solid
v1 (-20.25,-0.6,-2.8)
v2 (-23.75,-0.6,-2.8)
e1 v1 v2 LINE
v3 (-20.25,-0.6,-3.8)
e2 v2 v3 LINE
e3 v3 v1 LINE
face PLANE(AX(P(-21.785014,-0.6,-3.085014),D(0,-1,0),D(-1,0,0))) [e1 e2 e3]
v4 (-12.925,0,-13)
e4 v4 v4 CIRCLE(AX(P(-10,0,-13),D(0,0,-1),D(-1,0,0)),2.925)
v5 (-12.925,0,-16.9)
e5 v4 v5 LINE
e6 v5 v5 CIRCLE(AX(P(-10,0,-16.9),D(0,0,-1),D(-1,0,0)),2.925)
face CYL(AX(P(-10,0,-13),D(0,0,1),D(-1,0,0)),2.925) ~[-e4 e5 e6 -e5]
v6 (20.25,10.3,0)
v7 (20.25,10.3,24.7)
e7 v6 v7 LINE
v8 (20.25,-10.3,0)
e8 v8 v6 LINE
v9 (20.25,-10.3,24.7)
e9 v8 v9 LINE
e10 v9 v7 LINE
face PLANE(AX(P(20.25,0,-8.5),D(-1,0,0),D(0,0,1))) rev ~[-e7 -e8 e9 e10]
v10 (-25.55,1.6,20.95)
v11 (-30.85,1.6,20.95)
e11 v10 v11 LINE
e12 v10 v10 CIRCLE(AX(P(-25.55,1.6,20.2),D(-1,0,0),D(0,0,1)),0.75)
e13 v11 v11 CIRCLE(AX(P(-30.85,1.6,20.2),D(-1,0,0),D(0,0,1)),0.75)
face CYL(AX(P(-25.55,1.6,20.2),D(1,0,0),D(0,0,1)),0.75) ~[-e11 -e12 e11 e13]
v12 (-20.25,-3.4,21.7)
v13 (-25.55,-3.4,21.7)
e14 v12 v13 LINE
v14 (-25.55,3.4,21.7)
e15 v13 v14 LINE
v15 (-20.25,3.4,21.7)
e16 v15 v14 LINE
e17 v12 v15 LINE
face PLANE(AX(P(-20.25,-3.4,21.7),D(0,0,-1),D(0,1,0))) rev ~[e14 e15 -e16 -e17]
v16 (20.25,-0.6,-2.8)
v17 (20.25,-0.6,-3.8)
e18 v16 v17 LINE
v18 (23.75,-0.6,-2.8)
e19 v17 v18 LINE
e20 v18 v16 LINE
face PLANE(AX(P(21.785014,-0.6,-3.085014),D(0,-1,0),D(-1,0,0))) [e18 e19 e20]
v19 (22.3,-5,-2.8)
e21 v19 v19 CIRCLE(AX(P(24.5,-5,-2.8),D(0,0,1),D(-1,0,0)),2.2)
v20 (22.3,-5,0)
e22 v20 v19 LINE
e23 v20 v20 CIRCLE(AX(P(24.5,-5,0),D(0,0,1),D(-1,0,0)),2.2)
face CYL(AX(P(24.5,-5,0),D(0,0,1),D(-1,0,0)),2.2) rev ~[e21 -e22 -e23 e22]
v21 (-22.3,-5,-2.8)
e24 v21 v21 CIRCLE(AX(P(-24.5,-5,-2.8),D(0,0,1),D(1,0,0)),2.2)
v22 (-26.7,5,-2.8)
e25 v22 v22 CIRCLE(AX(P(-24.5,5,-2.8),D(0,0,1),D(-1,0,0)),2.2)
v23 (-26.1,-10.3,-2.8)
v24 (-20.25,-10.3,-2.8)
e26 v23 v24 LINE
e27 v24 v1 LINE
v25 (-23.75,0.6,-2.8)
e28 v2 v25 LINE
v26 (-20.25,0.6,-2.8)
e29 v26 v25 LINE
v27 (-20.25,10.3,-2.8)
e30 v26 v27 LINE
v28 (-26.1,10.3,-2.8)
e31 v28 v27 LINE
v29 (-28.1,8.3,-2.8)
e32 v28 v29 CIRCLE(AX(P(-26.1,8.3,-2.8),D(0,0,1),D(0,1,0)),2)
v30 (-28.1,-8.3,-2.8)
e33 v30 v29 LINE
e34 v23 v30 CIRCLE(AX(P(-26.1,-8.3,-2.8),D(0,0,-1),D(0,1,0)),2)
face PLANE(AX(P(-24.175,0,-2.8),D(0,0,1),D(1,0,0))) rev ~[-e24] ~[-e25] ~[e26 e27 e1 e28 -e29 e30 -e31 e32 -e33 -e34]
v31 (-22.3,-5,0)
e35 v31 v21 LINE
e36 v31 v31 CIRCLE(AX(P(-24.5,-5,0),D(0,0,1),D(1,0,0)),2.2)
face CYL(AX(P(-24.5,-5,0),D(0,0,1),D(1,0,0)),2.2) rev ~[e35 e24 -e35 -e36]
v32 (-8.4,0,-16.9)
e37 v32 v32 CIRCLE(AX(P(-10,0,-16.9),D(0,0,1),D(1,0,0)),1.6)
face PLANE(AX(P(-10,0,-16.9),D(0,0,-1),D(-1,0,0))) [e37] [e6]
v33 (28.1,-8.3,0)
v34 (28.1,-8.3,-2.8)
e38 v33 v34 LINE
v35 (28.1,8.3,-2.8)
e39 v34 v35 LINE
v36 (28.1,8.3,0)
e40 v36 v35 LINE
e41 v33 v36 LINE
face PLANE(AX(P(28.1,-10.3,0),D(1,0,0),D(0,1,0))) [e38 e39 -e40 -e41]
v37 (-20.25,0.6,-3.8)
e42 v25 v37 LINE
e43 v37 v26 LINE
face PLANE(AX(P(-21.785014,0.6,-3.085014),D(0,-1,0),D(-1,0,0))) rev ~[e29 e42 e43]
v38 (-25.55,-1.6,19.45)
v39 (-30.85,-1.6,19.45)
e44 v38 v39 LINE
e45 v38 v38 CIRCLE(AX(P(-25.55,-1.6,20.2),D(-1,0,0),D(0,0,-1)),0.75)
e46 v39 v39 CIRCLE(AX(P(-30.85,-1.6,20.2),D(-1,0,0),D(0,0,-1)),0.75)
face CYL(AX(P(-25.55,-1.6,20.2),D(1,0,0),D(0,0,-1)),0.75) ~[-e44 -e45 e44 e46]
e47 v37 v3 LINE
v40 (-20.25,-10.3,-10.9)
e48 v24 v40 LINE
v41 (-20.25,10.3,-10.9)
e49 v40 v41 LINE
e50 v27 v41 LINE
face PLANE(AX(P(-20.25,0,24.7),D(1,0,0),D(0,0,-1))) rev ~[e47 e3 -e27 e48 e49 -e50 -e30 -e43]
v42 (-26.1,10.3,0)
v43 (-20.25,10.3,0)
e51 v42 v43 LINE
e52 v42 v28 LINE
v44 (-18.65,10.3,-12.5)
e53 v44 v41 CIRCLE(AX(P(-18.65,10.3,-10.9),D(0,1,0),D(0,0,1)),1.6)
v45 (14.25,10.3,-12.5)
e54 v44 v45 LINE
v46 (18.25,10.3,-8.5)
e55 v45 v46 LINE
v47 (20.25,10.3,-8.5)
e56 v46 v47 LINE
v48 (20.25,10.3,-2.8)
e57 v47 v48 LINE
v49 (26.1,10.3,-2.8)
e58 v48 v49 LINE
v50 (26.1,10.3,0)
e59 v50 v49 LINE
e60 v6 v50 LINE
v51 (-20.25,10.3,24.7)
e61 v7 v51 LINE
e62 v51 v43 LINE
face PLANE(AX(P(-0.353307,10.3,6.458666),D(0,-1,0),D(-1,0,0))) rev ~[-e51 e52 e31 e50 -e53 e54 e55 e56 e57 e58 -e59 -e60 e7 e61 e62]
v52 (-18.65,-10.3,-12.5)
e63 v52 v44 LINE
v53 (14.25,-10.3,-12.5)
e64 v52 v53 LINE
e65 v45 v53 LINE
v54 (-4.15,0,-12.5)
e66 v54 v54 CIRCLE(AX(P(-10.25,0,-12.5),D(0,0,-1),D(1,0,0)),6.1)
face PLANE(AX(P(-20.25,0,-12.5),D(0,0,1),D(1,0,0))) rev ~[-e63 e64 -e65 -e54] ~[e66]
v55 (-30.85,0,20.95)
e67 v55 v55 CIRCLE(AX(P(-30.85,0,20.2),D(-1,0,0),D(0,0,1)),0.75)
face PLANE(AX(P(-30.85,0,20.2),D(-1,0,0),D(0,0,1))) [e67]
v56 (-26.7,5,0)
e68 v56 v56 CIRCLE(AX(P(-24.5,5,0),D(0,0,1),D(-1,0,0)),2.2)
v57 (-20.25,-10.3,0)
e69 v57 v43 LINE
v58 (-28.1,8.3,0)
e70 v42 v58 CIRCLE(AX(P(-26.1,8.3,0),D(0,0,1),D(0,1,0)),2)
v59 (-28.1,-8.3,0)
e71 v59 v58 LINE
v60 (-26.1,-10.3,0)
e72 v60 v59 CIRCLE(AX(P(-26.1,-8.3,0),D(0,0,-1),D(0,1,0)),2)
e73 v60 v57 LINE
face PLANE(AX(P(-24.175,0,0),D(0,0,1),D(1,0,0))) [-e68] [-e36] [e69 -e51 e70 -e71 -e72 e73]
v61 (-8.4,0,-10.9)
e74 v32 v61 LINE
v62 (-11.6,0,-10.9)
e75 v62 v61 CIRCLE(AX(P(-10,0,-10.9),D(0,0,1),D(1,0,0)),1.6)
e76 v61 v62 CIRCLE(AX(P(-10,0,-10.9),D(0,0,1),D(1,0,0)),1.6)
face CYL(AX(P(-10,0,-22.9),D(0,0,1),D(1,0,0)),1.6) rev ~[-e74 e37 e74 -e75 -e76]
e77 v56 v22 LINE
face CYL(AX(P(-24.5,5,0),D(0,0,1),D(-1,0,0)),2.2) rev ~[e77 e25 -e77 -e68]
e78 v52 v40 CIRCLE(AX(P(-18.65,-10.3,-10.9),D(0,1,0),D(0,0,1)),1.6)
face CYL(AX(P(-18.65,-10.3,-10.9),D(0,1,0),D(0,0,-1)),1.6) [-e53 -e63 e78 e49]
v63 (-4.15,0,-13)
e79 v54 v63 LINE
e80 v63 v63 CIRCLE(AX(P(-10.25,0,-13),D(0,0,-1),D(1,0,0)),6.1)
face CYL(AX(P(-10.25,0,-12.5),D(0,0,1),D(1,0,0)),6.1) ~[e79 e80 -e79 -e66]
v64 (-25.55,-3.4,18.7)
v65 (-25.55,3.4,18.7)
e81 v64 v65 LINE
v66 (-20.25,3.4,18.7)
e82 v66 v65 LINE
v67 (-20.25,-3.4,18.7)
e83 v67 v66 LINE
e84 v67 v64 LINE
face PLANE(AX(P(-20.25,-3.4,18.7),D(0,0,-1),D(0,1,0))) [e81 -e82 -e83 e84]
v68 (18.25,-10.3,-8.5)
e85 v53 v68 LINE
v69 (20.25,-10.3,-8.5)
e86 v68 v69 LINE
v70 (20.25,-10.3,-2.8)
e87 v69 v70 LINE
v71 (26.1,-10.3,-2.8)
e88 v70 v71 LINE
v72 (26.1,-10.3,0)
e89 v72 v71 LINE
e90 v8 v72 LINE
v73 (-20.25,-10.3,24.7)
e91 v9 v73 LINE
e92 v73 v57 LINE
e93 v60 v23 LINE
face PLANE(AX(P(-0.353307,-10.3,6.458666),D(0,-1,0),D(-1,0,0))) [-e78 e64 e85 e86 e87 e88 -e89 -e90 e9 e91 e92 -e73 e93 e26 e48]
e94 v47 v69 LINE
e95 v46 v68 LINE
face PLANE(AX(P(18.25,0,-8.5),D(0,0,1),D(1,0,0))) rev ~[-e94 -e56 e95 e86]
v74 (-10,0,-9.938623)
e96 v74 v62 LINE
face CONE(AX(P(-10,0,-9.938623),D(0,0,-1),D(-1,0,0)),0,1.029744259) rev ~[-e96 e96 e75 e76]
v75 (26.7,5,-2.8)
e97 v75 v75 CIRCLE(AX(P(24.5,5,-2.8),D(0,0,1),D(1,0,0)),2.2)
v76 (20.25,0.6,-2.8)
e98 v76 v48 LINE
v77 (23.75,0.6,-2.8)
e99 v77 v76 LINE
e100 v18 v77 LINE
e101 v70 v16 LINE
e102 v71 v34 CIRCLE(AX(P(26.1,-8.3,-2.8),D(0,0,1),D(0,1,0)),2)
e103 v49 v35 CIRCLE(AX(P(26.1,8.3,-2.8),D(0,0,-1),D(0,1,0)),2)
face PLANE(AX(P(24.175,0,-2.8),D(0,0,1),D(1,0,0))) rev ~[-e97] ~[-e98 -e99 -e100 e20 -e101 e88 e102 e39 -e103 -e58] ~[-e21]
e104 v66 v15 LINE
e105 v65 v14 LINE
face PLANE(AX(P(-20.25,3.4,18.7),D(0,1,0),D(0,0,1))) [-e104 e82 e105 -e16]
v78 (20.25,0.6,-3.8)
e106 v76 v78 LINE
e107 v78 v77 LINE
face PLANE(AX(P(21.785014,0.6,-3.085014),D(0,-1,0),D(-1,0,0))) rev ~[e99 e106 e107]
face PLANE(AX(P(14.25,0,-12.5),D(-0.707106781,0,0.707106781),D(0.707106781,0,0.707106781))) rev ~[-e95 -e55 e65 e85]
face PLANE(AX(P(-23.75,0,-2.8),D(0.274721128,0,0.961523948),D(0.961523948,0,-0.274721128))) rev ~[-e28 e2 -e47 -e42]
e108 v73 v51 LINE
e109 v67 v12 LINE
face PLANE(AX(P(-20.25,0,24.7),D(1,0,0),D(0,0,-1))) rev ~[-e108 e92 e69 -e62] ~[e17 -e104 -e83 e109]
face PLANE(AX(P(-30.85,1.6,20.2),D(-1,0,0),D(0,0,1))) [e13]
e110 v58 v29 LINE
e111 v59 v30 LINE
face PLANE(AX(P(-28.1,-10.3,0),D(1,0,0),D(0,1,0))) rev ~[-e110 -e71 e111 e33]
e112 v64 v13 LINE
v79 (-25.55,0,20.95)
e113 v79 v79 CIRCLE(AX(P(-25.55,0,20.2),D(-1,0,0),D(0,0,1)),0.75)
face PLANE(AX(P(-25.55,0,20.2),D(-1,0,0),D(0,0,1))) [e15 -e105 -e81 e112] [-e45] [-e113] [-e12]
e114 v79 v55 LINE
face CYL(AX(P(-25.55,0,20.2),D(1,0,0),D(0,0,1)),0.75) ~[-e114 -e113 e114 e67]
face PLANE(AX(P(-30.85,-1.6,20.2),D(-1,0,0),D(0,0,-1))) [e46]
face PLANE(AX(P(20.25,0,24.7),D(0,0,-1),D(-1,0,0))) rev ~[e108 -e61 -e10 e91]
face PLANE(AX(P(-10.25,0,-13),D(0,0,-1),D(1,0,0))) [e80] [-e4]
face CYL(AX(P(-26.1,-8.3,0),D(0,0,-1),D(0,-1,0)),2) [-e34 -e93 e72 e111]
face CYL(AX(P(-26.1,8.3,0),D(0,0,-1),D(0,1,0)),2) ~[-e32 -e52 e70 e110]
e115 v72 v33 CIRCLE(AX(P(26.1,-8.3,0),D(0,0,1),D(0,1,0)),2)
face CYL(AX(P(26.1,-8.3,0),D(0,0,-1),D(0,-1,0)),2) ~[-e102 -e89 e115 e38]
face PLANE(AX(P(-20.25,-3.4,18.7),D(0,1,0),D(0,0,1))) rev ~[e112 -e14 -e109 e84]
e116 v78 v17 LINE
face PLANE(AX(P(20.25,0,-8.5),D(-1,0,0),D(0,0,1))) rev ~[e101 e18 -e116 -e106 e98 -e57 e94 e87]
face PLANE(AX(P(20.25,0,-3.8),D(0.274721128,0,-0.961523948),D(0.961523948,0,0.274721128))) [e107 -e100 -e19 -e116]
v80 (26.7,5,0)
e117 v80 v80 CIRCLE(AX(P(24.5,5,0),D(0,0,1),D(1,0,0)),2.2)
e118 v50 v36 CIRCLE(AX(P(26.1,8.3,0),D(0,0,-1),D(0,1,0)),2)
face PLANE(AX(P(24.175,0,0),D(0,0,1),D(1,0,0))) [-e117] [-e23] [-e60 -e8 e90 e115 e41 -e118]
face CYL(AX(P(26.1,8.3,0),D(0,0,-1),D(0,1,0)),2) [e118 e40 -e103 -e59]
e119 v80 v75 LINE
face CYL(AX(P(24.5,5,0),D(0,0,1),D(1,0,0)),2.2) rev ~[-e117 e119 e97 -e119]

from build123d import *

# Parameters (mm, degrees)
BOSS_EXTRU_1_DEPTH   = 10.3
ESQUISSE3_W          = 7.85
ESQUISSE3_H          = 20.6
ESQUISSE3_R          = 2.2
BOSS_EXTRU_2_DEPTH   = 2.8
BOSS_EXTRU_3_DEPTH   = 0.6
ESQUISSE8_R          = 6.1
BOSS_EXTRU_7_DEPTH   = 0.5
ESQUISSE5_R          = 2.925
BOSS_EXTRU_4_DEPTH   = 3.9
CONG_1_R             = 2
ESQUISSE6_W          = 3
ESQUISSE6_H          = 6.8
BOSS_EXTRU_5_DEPTH   = 5.3
ESQUISSE7_R          = 0.75
BOSS_EXTRU_6_DEPTH   = 5.3
D_GAGEMENT_M31_D     = 3.2
D_GAGEMENT_M31_DEPTH = 6
D_GAGEMENT_M31_TIP   = 0.96137699
CONG_2_R             = 1.6


with BuildPart() as part:
    # Esquisse1 → Boss.-Extru.1 (new, symmetric)
    with BuildSketch(Plane(origin=(0, 0, 0), x_dir=(1, 0, 0), z_dir=(0, 1, 0))):
        Polygon((-20.25, 12.5), (14.25, 12.5), (18.25, 8.5), (20.25, 8.5), (20.25, -24.7), (-20.25, -24.7), align=None)
    extrude(amount=BOSS_EXTRU_1_DEPTH, both=True)

    # Esquisse3 → Boss.-Extru.2 (add)
    # profile 1 of 2: a face of its own
    with BuildSketch(Plane.XY):
        with Locations((24.175, 0)):
            Rectangle(ESQUISSE3_W, ESQUISSE3_H)
        with Locations((24.5, 5)):
            Circle(ESQUISSE3_R, mode=Mode.SUBTRACT)
        with Locations(Location((24.5, -5, 0), (0, 0, 180))):
            Circle(ESQUISSE3_R, mode=Mode.SUBTRACT)
    # profile 2 of 2: a face of its own
    with BuildSketch(Plane.XY):
        with Locations((-24.175, 0)):
            Rectangle(ESQUISSE3_W, ESQUISSE3_H)
        with Locations(Location((-24.5, 5, 0), (0, 0, 180))):
            Circle(ESQUISSE3_R, mode=Mode.SUBTRACT)
        with Locations((-24.5, -5)):
            Circle(ESQUISSE3_R, mode=Mode.SUBTRACT)
    extrude(amount=-BOSS_EXTRU_2_DEPTH)

    # Esquisse4 → Boss.-Extru.3 (add, symmetric)
    with BuildSketch(Plane(origin=(0, 0, 0), x_dir=(1, 0, 0), z_dir=(0, 1, 0))):
        Polygon((20.25, 2.8), (20.25, 3.8), (23.75, 2.8), align=None)
        Polygon((-23.75, 2.8), (-20.25, 3.8), (-20.25, 2.8), align=None)
    extrude(amount=BOSS_EXTRU_3_DEPTH, both=True)

    # Esquisse8 → Boss.-Extru.7 (add)
    with BuildSketch(Plane(origin=(0, 0, -12.5), x_dir=(-1, 0, 0), z_dir=(0, 0, -1))):
        with Locations(Location((10.25, 0, 0), (0, 0, 180))):
            Circle(ESQUISSE8_R)
    extrude(amount=BOSS_EXTRU_7_DEPTH)

    # Esquisse5 → Boss.-Extru.4 (add)
    with BuildSketch(Plane(origin=(0, 0, -13), x_dir=(-1, 0, 0), z_dir=(0, 0, -1))):
        with Locations((10, 0)):
            Circle(ESQUISSE5_R)
    extrude(amount=BOSS_EXTRU_4_DEPTH)

    # Congé1
    cong_1_edges = [part.edges().sort_by_distance(p)[0] for p in [
        (28.1, 10.3, -1.4),
        (28.1, -10.3, -1.4),
        (-28.1, -10.3, -1.4),
        (-28.1, 10.3, -1.4),
    ]]
    fillet(cong_1_edges, radius=CONG_1_R)

    # Esquisse6 → Boss.-Extru.5 (add)
    with BuildSketch(Plane.ZY.offset(20.25)):
        with Locations((20.2, 0)):
            Rectangle(ESQUISSE6_W, ESQUISSE6_H)
    extrude(amount=BOSS_EXTRU_5_DEPTH)

    # Esquisse7 → Boss.-Extru.6 (add)
    with BuildSketch(Plane.ZY.offset(25.55)):
        with Locations((20.2, 0)):
            Circle(ESQUISSE7_R)
        with Locations((20.2, 1.6)):
            Circle(ESQUISSE7_R)
        with Locations(Location((20.2, -1.6, 0), (0, 0, 180))):
            Circle(ESQUISSE7_R)
    extrude(amount=BOSS_EXTRU_6_DEPTH)

    # Dégagement M31
    with Locations(Plane(origin=(0, 0, -16.9), x_dir=(-1, 0, 0), z_dir=(0, 0, -1))):
        with Locations((10, 0)):
            Hole(D_GAGEMENT_M31_D / 2, depth=D_GAGEMENT_M31_DEPTH)
            with Locations((0, 0, -(D_GAGEMENT_M31_DEPTH + D_GAGEMENT_M31_TIP / 2))):  # 118° drill point
                Cone(0, D_GAGEMENT_M31_D / 2, D_GAGEMENT_M31_TIP, mode=Mode.SUBTRACT)

    # Congé2
    cong_2_edges = [part.edges().sort_by_distance(p)[0] for p in [
        (-20.25, 0, -12.5),
    ]]
    fillet(cong_2_edges, radius=CONG_2_R)


solid = part.part
